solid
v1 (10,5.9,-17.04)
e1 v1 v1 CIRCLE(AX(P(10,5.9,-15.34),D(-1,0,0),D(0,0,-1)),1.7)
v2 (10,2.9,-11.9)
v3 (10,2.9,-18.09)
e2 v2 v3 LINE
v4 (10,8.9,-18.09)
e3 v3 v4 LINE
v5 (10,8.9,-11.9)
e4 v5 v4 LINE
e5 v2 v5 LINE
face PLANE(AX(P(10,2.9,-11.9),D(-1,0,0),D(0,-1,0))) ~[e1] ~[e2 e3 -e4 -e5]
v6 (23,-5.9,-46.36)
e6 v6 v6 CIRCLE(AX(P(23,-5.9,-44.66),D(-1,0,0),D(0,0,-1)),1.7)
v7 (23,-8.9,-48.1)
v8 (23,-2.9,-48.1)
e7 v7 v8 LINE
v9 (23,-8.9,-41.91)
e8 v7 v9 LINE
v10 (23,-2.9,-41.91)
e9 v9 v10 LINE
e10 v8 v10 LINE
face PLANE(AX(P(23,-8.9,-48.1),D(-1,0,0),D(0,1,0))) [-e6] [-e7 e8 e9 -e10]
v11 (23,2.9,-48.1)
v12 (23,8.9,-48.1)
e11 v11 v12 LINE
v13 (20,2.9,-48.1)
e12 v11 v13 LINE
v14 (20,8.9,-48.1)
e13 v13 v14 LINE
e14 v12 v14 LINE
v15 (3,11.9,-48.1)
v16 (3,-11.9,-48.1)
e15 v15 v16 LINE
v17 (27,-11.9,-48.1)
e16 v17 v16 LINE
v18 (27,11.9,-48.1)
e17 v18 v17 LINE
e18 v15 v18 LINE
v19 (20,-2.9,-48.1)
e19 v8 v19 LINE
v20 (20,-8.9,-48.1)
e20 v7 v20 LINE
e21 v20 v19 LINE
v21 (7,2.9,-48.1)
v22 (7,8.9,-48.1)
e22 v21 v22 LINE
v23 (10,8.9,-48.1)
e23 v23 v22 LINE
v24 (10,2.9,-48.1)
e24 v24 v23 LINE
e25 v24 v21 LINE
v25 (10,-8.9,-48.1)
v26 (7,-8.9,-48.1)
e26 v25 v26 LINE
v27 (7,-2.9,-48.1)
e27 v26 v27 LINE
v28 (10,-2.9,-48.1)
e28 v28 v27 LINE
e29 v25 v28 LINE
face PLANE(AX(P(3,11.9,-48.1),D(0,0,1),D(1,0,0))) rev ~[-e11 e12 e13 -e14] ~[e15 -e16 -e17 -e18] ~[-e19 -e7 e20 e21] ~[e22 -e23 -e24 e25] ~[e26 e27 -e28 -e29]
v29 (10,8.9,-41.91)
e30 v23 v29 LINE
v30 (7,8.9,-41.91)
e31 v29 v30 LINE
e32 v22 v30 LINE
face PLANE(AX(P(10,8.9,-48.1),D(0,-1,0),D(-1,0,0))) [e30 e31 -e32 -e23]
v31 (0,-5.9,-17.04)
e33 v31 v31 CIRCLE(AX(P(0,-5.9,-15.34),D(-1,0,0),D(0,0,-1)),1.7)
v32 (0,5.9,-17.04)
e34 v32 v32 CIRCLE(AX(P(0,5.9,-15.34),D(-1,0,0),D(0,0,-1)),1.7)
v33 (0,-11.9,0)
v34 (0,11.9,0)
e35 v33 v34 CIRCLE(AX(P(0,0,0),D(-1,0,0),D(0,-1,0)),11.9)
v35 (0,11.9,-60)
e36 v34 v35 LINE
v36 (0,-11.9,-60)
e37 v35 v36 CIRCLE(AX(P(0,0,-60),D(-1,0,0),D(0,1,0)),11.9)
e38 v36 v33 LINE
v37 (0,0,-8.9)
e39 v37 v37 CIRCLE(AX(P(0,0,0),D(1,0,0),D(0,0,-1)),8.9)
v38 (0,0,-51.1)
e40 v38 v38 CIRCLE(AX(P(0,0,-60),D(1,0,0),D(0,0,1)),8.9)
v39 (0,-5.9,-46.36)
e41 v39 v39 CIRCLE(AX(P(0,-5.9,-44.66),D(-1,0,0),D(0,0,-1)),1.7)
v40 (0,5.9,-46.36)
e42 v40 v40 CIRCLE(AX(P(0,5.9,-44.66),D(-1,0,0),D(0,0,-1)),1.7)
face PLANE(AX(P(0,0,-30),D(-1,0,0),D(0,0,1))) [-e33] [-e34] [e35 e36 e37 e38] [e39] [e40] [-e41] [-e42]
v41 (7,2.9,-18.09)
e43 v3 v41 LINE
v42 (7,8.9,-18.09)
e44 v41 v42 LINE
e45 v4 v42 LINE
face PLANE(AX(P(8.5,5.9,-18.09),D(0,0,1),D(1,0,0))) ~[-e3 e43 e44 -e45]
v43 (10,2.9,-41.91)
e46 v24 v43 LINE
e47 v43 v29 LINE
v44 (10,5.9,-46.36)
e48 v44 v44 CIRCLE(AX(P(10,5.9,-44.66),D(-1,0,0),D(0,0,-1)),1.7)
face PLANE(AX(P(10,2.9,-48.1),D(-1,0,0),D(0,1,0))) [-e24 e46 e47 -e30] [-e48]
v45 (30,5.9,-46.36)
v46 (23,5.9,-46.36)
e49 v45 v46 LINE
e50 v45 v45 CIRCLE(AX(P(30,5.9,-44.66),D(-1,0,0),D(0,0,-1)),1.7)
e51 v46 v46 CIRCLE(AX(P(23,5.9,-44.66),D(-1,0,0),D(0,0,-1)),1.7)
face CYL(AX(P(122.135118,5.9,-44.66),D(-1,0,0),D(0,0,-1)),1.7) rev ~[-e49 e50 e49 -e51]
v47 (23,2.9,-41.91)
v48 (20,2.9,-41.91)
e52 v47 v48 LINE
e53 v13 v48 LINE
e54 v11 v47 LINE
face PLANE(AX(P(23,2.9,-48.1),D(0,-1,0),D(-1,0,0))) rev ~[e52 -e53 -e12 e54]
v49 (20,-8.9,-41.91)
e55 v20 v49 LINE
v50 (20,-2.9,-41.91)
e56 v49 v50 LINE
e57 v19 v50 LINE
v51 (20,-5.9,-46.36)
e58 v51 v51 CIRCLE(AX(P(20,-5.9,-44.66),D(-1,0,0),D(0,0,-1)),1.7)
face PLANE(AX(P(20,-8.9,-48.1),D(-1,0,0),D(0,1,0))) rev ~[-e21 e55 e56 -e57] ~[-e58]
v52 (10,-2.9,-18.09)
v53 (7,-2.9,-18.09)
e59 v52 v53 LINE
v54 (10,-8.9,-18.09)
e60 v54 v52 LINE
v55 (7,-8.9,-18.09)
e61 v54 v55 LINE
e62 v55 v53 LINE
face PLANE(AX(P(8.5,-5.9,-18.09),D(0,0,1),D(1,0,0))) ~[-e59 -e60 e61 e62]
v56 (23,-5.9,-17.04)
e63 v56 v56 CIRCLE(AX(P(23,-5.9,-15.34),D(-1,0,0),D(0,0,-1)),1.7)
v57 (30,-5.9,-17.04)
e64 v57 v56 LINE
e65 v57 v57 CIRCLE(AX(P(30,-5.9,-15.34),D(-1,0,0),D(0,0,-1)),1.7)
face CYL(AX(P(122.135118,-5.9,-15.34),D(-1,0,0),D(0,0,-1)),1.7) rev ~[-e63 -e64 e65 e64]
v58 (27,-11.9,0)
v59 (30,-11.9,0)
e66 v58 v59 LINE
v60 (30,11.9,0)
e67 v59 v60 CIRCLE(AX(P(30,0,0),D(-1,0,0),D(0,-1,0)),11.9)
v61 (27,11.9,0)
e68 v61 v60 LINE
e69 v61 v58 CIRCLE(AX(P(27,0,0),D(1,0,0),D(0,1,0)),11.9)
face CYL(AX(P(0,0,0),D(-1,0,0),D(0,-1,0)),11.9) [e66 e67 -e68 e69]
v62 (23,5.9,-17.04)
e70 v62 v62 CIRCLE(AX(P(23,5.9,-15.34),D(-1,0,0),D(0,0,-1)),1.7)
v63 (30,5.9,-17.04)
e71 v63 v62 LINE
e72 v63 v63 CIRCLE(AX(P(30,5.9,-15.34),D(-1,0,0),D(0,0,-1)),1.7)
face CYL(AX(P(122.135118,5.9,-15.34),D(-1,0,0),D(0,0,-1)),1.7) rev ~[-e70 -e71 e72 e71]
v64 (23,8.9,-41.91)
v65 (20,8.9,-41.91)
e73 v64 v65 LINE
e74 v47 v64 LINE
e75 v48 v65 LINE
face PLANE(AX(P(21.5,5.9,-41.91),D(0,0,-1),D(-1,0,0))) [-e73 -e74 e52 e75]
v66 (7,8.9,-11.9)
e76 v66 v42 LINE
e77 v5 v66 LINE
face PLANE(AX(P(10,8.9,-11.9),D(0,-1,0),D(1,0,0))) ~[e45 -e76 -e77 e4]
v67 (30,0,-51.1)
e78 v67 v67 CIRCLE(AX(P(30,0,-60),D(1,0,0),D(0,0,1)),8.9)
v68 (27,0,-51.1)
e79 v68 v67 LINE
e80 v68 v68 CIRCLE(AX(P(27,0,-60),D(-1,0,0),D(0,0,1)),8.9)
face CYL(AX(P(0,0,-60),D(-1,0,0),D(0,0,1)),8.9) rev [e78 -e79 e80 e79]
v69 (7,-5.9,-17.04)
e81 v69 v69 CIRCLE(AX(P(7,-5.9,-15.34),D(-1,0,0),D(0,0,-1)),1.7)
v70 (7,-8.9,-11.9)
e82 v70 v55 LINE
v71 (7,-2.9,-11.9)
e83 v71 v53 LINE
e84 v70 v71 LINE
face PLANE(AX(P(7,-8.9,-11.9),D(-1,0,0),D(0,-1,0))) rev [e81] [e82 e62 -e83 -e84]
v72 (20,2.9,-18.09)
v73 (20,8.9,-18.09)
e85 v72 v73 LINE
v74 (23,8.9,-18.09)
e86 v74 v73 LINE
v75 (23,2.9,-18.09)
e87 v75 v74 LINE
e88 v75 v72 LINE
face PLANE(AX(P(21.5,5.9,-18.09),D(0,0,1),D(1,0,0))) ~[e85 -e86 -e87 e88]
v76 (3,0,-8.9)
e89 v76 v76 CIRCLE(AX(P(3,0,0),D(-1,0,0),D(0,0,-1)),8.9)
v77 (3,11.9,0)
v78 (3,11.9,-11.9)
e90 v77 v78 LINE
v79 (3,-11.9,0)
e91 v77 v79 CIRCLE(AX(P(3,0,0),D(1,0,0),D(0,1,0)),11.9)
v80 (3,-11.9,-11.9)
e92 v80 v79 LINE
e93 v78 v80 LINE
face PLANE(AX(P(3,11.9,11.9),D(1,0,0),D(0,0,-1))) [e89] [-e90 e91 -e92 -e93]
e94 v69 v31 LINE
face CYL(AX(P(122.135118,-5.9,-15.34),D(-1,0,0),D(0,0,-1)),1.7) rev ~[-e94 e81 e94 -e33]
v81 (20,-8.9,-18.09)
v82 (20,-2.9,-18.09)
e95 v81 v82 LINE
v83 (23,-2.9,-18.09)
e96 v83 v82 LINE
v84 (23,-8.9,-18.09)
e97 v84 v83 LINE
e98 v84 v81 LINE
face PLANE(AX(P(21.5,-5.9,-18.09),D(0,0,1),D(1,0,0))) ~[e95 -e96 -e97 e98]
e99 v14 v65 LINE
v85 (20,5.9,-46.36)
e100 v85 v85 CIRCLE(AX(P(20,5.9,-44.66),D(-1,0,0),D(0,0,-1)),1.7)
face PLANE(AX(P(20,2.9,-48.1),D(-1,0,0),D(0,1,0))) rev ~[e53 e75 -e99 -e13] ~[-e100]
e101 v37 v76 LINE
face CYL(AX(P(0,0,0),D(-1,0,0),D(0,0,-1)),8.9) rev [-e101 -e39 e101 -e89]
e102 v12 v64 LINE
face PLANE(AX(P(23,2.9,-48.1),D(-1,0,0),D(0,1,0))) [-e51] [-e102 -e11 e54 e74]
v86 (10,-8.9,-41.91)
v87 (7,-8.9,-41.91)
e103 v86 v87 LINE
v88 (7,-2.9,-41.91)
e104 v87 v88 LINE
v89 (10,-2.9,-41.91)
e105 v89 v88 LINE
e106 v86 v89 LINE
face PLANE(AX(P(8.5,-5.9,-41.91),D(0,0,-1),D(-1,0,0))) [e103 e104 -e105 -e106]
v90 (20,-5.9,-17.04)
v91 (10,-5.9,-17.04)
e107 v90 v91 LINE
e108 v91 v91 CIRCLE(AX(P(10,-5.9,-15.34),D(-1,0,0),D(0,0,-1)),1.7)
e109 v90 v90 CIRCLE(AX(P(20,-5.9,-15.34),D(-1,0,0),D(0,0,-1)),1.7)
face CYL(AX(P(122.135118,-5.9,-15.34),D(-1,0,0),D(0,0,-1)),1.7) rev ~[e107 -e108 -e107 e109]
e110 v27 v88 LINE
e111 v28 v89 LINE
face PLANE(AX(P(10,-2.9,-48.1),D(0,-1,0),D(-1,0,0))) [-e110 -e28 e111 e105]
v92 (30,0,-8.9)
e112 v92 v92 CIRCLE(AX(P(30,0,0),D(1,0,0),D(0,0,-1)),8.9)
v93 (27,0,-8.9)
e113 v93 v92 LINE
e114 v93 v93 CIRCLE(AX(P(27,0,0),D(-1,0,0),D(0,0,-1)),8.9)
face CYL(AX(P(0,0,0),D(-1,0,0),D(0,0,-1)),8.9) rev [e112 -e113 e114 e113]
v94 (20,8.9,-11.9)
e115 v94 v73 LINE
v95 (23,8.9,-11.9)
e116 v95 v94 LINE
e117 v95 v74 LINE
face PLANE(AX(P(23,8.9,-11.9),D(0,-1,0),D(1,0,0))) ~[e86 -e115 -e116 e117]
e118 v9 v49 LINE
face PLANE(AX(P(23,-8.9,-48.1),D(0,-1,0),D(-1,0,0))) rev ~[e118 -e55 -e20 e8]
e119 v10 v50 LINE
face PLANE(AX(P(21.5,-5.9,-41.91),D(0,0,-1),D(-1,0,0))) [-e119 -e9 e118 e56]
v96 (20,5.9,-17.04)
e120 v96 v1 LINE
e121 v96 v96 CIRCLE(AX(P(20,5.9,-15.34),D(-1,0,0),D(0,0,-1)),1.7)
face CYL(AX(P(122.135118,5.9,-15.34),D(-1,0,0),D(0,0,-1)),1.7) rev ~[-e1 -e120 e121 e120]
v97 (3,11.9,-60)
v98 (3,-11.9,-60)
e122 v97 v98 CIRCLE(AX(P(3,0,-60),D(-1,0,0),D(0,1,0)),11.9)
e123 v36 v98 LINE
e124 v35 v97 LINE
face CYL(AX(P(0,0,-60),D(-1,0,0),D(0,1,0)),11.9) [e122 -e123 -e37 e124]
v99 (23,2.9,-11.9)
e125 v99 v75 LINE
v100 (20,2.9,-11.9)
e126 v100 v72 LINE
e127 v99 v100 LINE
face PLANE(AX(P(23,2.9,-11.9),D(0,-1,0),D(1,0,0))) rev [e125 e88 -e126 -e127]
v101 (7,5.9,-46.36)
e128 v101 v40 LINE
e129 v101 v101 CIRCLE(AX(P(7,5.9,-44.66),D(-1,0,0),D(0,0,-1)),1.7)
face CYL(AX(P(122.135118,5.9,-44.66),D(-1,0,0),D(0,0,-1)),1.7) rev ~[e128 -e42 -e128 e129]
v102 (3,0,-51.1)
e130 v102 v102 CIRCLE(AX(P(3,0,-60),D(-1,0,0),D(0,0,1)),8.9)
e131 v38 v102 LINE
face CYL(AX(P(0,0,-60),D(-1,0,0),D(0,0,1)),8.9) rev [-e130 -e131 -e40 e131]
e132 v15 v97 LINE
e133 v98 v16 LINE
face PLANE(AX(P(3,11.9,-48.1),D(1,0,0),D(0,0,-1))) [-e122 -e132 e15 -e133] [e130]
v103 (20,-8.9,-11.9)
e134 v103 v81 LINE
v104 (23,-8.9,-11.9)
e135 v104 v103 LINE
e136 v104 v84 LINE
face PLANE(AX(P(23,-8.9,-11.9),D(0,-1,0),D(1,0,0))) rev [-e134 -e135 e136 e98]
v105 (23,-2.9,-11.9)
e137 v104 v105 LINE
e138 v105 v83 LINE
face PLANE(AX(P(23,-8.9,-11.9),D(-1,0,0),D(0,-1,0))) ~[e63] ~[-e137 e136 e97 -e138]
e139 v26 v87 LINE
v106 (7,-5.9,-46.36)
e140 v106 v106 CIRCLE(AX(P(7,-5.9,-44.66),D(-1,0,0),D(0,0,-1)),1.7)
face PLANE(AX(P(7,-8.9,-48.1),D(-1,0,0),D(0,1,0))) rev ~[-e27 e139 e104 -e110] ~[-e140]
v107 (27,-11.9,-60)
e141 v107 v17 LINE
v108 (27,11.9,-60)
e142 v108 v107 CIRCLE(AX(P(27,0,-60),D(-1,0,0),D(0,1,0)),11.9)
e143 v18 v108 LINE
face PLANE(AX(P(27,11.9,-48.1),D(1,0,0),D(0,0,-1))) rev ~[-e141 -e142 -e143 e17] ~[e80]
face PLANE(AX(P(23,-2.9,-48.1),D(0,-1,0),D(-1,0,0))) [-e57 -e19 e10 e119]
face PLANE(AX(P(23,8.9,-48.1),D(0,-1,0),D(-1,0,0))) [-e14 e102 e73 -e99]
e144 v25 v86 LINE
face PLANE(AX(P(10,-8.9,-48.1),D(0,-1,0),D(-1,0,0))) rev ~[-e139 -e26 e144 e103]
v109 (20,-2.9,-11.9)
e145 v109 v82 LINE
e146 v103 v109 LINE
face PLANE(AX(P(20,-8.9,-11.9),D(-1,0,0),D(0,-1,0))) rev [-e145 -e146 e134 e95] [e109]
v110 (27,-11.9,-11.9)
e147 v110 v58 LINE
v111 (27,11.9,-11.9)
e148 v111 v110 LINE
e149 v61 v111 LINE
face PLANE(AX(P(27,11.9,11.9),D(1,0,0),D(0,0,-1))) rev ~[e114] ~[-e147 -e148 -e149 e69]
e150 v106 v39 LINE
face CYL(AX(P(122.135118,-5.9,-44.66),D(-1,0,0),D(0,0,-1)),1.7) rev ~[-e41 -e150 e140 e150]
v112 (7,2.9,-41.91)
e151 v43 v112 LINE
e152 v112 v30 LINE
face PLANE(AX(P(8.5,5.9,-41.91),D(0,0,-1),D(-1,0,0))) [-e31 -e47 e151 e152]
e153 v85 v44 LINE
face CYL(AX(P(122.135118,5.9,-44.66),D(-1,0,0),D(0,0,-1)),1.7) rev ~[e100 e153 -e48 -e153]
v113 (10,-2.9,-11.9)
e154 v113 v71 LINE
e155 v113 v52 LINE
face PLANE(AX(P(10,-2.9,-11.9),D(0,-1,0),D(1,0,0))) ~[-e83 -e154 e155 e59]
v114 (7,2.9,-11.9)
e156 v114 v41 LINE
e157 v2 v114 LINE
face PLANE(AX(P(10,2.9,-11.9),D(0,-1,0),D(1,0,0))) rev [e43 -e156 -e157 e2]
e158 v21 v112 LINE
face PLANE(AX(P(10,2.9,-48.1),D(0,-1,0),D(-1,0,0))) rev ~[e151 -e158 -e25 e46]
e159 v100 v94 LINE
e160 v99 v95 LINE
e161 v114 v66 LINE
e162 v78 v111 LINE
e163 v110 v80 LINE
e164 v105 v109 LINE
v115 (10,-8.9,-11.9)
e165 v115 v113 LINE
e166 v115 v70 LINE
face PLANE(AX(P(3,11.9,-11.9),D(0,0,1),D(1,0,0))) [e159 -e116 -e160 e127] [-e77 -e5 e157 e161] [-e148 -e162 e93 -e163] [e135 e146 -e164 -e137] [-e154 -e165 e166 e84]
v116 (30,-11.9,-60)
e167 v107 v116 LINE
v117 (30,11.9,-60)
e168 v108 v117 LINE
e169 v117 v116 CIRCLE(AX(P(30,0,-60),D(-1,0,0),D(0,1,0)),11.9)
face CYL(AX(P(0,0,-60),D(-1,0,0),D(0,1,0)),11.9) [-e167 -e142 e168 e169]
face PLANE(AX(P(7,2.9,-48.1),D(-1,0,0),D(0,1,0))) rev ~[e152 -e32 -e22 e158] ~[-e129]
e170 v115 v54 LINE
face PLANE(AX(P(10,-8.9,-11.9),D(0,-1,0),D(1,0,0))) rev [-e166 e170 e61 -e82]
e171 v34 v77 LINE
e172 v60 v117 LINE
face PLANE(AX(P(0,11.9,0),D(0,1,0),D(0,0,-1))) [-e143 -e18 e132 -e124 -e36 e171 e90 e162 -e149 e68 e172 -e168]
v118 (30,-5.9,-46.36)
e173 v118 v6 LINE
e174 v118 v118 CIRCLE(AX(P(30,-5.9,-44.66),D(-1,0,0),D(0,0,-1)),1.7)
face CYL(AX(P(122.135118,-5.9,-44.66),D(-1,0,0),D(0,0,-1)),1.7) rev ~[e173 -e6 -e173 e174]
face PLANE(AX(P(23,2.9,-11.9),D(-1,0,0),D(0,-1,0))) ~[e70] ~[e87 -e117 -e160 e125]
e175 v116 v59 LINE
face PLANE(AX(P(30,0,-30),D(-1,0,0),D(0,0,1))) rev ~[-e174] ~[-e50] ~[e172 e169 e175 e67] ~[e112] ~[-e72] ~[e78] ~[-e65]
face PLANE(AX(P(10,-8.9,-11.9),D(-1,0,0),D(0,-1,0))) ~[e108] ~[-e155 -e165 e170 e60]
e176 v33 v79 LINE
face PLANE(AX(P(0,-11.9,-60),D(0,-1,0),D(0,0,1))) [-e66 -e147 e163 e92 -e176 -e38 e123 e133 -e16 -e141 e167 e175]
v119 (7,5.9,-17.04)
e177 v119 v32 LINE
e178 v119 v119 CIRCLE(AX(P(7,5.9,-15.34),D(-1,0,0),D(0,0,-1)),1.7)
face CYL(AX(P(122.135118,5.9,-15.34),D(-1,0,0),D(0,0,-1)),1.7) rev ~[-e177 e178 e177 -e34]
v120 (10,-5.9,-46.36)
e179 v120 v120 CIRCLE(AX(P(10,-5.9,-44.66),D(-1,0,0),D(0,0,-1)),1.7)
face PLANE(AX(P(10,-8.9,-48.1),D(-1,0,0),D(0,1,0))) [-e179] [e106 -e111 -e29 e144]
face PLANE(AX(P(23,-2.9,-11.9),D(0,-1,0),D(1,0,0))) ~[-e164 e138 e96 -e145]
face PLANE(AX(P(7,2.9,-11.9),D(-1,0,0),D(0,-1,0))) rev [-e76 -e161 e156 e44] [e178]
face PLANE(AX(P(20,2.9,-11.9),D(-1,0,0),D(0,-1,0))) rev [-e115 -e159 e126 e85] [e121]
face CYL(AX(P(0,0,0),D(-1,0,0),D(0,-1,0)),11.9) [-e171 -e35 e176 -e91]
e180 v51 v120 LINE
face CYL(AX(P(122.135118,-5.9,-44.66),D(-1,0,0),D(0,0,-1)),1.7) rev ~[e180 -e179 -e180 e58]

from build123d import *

# Parameters (mm, degrees)
SKETCH1_R            = 8.9
BOSS_EXTRUDE1_DEPTH  = 30
SKETCH2_W            = 24
SKETCH2_H            = 23.8
CUT_EXTRUDE1_DEPTH   = 82.46195431
M3_CLEARANCE_HOLE1_D = 3.4
SKETCH4_W            = 3
SKETCH4_H            = 6
CUT_EXTRUDE2_DEPTH   = 6.19


with BuildPart() as part:
    # Sketch1 → Boss-Extrude1 (new body)
    with BuildSketch(Plane(origin=(0, 0, 0), x_dir=(0, 0, -1), z_dir=(1, 0, 0))):
        with BuildLine():
            Line((0, 11.9), (60, 11.9))
            ThreePointArc((60, 11.9), (71.9, 0), (60, -11.9))
            Line((60, -11.9), (0, -11.9))
            ThreePointArc((0, -11.9), (-11.9, 0), (0, 11.9))
        make_face()
        Circle(SKETCH1_R, mode=Mode.SUBTRACT)
        with Locations(Location((60, 0, 0), (0, 0, 180))):
            Circle(SKETCH1_R, mode=Mode.SUBTRACT)
    extrude(amount=BOSS_EXTRUDE1_DEPTH)

    # Sketch2 → Cut-Extrude1 (cut, through all)
    with BuildSketch(Plane(origin=(0, 11.9, 0), x_dir=(1, 0, 0), z_dir=(0, 1, 0))):
        with Locations((15, 0)):
            Rectangle(SKETCH2_W, SKETCH2_H)
        with Locations((15, 60)):
            Rectangle(SKETCH2_W, SKETCH2_H)
    extrude(amount=-CUT_EXTRUDE1_DEPTH, mode=Mode.SUBTRACT)

    # M3 Clearance Hole1 (through all)
    with Locations(Plane(origin=(30, -5.9, -15.34), x_dir=(0, 0, 1), z_dir=(1, 0, 0))):
        with Locations((0, 0), (0, -11.8), (-29.32, -11.8), (-29.32, 0)):
            Hole(M3_CLEARANCE_HOLE1_D / 2)

    # Sketch4 → Cut-Extrude2 (cut)
    with BuildSketch(Plane(origin=(0, 0, -48.1), x_dir=(-1, 0, 0), z_dir=(0, 0, -1))):
        with Locations((-21.5, -5.9)):
            Rectangle(SKETCH4_W, SKETCH4_H)
        with Locations((-21.5, 5.9)):
            Rectangle(SKETCH4_W, SKETCH4_H)
        with Locations((-8.5, -5.9)):
            Rectangle(SKETCH4_W, SKETCH4_H)
        with Locations((-8.5, 5.9)):
            Rectangle(SKETCH4_W, SKETCH4_H)
    cut_extrude2 = extrude(amount=-CUT_EXTRUDE2_DEPTH, mode=Mode.SUBTRACT)

    # Mirror1: Cut-Extrude2 across plane
    add(cut_extrude2.mirror(Plane.XY.offset(-30)), mode=Mode.SUBTRACT)


solid = part.part
